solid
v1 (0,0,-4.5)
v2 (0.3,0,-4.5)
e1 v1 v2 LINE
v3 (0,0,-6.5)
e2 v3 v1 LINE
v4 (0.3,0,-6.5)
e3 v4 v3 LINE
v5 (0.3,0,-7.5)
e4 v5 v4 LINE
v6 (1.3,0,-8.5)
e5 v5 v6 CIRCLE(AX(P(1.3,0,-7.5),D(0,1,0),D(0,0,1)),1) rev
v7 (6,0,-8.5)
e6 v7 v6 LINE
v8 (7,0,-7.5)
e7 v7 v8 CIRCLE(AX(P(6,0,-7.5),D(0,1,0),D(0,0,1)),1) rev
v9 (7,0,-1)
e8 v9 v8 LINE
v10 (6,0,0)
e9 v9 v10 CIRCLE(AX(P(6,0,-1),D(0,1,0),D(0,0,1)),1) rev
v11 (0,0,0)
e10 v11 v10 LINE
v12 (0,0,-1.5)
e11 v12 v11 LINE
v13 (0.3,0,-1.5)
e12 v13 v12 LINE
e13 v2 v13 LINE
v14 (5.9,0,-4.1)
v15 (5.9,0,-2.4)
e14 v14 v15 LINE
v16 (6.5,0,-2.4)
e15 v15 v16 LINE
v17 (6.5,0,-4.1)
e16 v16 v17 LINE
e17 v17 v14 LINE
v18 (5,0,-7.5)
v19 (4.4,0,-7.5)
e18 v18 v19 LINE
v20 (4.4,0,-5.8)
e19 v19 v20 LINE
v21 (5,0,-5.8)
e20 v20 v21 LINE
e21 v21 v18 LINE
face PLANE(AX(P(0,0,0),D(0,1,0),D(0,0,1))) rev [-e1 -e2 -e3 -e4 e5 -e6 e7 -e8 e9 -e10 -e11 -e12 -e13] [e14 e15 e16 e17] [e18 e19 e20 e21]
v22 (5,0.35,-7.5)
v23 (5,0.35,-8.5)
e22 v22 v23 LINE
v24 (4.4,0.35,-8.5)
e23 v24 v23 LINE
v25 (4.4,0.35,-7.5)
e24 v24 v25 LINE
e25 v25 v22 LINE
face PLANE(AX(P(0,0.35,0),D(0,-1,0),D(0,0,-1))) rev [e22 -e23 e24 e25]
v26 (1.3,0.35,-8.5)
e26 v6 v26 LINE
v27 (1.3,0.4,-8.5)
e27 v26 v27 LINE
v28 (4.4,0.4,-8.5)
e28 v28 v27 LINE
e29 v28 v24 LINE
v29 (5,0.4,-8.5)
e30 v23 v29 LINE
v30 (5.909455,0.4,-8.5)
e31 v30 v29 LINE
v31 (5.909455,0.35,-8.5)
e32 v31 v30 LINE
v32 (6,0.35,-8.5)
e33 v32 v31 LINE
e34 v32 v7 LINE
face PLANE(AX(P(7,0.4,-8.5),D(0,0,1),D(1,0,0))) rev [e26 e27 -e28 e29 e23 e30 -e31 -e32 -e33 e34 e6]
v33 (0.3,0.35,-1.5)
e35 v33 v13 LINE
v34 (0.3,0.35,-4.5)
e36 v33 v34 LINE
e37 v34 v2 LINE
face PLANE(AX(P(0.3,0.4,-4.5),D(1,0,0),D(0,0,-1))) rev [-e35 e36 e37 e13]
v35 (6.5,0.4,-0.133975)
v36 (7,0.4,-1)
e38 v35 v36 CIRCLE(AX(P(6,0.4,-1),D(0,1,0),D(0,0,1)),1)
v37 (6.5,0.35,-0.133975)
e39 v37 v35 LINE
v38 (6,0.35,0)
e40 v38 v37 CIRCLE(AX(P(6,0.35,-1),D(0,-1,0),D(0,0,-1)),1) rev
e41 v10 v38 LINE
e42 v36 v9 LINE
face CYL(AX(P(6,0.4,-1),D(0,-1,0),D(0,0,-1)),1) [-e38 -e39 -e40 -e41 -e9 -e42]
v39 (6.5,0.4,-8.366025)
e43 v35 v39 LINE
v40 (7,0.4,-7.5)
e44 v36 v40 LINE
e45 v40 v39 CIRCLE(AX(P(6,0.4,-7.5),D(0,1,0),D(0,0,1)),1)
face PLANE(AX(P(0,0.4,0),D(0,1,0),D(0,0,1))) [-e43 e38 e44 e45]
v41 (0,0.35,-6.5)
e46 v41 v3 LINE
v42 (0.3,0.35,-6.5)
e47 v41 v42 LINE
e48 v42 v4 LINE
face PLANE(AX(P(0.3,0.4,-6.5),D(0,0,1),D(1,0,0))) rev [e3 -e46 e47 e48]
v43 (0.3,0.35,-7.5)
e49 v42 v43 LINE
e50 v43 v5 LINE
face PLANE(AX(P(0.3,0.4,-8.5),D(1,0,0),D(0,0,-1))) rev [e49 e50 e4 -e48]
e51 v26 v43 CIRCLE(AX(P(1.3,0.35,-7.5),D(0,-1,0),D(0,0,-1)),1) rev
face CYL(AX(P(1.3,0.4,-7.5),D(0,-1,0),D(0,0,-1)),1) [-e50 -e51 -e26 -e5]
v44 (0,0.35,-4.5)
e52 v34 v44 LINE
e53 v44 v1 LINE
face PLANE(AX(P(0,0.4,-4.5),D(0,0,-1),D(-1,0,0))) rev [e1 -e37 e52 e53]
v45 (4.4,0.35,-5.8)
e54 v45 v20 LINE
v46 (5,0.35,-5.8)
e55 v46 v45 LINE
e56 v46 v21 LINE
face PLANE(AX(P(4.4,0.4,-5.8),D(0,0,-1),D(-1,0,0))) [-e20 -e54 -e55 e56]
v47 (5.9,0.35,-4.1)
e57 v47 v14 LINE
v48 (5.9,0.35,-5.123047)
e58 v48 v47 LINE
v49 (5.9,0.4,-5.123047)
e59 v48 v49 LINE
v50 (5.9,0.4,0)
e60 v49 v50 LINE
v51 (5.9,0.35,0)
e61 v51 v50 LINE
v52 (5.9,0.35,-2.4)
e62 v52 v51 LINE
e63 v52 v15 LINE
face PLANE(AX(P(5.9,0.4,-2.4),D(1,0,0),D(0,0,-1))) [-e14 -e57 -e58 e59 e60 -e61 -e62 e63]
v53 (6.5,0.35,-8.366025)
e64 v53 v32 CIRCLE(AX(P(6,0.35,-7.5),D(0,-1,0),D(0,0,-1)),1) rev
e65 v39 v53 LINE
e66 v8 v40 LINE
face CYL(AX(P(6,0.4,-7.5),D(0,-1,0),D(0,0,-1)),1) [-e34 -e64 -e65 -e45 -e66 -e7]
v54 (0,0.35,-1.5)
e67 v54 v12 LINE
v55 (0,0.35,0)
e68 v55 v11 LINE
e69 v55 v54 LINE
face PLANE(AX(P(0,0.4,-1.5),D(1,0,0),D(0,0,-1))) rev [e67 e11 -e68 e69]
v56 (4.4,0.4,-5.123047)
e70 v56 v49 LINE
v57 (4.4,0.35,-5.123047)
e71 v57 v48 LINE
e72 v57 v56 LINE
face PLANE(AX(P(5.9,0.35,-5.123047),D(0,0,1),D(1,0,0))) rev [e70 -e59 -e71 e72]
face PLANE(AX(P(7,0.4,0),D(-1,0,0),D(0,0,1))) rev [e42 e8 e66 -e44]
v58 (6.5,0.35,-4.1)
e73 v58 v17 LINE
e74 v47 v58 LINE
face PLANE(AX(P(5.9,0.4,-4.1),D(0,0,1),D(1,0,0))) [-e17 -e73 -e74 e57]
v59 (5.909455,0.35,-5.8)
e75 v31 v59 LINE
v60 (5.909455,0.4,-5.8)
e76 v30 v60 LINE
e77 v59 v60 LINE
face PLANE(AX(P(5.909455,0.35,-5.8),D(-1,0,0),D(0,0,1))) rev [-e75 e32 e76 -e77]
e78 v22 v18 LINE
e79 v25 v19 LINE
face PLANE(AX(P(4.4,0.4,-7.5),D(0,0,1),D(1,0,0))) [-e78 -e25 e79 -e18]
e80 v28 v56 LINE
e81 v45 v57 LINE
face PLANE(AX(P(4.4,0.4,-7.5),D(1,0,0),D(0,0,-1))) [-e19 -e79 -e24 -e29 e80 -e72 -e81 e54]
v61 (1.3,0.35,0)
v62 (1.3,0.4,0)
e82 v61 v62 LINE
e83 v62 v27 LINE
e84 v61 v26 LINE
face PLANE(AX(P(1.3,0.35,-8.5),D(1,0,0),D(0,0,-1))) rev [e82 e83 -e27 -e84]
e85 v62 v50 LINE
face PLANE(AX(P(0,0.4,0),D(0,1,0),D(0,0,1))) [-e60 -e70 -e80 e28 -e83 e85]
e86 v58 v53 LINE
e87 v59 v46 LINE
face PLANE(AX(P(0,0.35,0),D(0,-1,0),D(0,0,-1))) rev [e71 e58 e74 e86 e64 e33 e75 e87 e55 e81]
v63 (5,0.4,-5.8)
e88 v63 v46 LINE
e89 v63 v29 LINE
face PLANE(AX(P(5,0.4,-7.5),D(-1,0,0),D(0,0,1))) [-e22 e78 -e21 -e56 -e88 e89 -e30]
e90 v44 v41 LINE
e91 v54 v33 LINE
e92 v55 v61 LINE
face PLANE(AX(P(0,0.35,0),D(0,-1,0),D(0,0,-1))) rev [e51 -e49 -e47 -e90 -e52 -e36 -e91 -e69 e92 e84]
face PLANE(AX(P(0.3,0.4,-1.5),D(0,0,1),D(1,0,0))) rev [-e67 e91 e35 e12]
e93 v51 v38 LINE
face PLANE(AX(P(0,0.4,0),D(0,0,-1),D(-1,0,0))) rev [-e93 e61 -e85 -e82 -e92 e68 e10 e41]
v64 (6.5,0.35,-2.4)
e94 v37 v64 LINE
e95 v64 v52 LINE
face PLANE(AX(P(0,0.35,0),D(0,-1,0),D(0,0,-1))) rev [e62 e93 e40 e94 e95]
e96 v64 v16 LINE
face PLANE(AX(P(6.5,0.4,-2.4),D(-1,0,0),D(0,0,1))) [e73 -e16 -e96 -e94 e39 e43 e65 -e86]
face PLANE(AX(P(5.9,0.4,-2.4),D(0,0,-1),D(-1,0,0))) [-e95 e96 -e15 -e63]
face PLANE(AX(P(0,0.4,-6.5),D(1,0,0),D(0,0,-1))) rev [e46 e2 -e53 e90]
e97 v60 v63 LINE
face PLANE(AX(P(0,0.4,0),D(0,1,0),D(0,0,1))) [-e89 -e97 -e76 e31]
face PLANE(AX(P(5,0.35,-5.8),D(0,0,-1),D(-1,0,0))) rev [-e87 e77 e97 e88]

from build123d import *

# Parameters (mm, degrees)
SKETCH1_W           = 0.6
SKETCH1_H           = 1.7
BOSS_EXTRUDE1_DEPTH = 0.4
FILLET2_R           = 1
SKETCH2_W           = 1.780104135
SKETCH2_H           = 8.5
CUT_EXTRUDE1_DEPTH  = 0.05


with BuildPart() as part:
    # Sketch1 → Boss-Extrude1 (new body)
    with BuildSketch(Plane(origin=(0, 0, 0), x_dir=(1, 0, 0), z_dir=(0, 1, 0))):
        Polygon((0, 0), (7, 0), (7, 8.5), (0.3, 8.5), (0.3, 6.5), (0, 6.5), (0, 4.5), (0.3, 4.5), (0.3, 1.5), (0, 1.5), align=None)
        with Locations((4.7, 6.65)):
            Rectangle(SKETCH1_W, SKETCH1_H, mode=Mode.SUBTRACT)
        with Locations((6.2, 3.25)):
            Rectangle(SKETCH1_W, SKETCH1_H, mode=Mode.SUBTRACT)
    extrude(amount=BOSS_EXTRUDE1_DEPTH)

    # Fillet2
    fillet2_edges = [part.edges().sort_by_distance(p)[0] for p in [
        (0.3, 0.2, -8.5),
        (7, 0.2, -8.5),
        (7, 0.2, 0),
    ]]
    fillet(fillet2_edges, radius=FILLET2_R)

    # Sketch2 → Cut-Extrude1 (cut)
    with BuildSketch(Plane(origin=(0, 0.4, 0), x_dir=(1, 0, 0), z_dir=(0, 1, 0))):
        with Locations((0.409947933, 4.25)):
            Rectangle(SKETCH2_W, SKETCH2_H)
        Polygon((4.4, 7.5), (4.4, 8.794208179), (5, 8.794208179), (5, 7.5), (5, 5.8), (5.909455283, 5.8), (5.909455283, 8.5), (6.5, 8.5), (6.5, 5.123047138), (6.5, 4.1), (6.5, 0), (5.9, 0), (5.9, 4.1), (5.9, 5.123047138), (4.4, 5.123047138), align=None)
    extrude(amount=-CUT_EXTRUDE1_DEPTH, mode=Mode.SUBTRACT)


solid = part.part
